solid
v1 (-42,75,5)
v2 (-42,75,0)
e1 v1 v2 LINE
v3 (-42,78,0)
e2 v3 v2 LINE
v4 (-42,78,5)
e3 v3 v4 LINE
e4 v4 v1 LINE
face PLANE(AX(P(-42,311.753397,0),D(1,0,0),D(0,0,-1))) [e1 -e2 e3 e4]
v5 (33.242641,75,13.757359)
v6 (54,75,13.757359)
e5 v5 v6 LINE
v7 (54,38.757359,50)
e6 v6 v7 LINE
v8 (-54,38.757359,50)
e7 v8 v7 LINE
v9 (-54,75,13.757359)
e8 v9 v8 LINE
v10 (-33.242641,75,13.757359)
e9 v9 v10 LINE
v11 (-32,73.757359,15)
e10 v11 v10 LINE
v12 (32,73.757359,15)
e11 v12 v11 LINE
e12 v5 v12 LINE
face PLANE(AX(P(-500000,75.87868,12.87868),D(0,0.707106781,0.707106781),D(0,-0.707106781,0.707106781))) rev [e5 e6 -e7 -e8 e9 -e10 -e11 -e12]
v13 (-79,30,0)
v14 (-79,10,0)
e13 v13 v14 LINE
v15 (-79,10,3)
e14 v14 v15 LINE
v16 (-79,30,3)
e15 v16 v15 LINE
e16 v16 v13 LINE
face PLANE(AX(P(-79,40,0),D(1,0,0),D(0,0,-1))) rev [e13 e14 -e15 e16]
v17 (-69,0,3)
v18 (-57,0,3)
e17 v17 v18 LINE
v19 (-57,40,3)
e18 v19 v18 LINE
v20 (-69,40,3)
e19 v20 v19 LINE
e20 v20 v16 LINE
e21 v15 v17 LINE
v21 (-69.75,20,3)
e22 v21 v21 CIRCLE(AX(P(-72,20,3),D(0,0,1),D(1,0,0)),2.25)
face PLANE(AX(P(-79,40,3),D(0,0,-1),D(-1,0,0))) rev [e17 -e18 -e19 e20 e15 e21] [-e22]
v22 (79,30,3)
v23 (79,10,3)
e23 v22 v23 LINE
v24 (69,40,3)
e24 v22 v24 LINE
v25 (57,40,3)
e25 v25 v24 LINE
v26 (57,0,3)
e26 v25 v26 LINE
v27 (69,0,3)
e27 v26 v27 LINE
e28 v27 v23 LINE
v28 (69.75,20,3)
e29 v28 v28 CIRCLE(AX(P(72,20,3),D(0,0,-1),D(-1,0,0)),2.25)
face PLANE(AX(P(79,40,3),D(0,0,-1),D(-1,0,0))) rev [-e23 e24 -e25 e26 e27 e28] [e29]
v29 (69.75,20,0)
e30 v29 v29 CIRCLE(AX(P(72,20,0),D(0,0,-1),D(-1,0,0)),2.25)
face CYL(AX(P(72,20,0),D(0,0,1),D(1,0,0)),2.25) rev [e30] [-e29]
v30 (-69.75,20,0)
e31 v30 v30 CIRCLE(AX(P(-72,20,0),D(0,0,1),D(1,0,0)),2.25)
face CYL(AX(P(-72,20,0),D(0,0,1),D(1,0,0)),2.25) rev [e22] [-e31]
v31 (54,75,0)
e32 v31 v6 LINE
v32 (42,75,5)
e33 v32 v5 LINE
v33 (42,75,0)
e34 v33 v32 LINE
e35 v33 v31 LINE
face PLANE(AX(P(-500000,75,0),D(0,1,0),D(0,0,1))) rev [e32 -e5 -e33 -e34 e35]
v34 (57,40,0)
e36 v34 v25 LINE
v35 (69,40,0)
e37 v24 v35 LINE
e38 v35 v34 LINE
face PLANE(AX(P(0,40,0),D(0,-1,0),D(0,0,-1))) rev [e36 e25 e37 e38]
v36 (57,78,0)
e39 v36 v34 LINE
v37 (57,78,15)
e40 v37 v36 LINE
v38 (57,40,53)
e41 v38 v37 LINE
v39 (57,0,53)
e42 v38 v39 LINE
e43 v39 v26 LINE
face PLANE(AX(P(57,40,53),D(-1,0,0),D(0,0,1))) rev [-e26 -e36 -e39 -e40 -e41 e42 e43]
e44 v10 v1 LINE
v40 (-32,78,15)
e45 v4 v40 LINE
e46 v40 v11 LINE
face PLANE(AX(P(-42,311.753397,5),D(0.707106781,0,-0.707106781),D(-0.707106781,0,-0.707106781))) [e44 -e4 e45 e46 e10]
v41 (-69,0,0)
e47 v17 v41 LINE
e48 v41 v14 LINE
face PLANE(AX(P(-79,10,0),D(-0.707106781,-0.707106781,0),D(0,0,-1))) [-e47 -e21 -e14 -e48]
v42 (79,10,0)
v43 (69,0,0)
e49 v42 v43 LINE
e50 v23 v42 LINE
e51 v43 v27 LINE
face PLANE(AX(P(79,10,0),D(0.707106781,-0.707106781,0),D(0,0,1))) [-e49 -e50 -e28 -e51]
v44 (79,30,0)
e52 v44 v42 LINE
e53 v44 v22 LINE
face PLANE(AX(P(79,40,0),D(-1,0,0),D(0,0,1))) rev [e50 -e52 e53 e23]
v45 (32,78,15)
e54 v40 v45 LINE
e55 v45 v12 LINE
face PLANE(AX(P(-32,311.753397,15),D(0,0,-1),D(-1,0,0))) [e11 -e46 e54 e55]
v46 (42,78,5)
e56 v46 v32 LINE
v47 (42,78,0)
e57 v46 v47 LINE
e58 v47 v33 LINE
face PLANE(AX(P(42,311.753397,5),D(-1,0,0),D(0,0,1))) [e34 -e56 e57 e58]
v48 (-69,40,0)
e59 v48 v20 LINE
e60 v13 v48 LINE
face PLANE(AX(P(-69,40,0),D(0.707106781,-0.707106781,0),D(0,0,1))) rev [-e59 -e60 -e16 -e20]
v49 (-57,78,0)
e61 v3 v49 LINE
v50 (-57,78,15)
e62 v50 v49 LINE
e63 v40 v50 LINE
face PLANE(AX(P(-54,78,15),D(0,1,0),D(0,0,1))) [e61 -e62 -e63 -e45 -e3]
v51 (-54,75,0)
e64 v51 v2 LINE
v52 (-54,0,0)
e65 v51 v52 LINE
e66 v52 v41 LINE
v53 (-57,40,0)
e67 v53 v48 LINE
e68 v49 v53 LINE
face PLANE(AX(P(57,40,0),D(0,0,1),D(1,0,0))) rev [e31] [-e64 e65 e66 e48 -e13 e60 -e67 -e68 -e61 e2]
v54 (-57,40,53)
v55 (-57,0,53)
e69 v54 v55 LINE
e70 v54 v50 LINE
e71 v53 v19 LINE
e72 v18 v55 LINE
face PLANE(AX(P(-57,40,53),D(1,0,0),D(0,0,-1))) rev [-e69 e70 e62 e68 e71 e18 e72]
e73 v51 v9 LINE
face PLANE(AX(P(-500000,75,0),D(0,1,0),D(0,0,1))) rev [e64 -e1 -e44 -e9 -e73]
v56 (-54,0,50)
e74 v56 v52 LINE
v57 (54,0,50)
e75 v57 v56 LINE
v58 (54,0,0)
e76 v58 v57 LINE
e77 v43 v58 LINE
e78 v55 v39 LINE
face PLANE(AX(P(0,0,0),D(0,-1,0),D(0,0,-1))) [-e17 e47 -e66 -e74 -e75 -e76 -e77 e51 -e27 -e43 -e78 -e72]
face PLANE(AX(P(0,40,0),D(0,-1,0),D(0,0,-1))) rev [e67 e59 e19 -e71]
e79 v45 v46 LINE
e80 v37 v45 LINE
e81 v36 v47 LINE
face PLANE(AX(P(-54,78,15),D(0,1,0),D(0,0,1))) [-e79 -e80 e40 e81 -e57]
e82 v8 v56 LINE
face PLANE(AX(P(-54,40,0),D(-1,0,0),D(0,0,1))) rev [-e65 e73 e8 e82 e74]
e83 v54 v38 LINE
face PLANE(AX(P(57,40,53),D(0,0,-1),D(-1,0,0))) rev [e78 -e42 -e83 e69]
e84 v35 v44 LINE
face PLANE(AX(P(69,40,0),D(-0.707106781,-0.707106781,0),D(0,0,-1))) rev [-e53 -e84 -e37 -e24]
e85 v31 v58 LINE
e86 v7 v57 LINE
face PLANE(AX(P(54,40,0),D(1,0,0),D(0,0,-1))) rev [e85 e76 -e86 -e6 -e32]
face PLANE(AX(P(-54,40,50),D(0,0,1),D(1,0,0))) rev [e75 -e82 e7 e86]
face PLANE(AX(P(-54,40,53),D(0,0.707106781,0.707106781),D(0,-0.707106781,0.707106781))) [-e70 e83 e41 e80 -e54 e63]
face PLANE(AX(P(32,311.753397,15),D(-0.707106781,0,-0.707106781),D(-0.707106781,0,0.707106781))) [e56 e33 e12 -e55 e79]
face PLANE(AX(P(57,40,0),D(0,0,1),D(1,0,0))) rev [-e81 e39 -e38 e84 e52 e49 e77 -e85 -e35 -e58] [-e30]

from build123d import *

# Parameters (mm, degrees)
BOSS_EXTRUDE1_DEPTH     = 40
BOSS_EXTRUDE2_DEPTH     = 3
EXTRUDE_THIN1_DEPTH     = 108
CUT_EXTRUDE1_DEPTH      = 124.020323524
CUT_EXTRUDE1_DEPTH_BACK = 12
CHAMFER1_SIZE           = 10
SKETCH5_R               = 2.25
CUT_EXTRUDE2_DEPTH      = 3


with BuildPart() as part:
    # Sketch1 → Boss-Extrude1 (new body)
    with BuildSketch(Plane(origin=(0, 0, 0), x_dir=(1, 0, 0), z_dir=(0, 1, 0))):
        Polygon((-54, 0), (-54, -50), (54, -50), (54, 0), (57, 0), (79, 0), (79, -3), (57, -3), (57, -53), (-57, -53), (-57, -3), (-79, -3), (-79, 0), (-57, 0), align=None)
    extrude(amount=BOSS_EXTRUDE1_DEPTH)

    # Sketch2 → Boss-Extrude2 (add)
    with BuildSketch(Plane.ZY.offset(57)):
        Polygon((53, 40), (15, 78), (0, 78), (0, 40), align=None)
    boss_extrude2 = extrude(amount=-BOSS_EXTRUDE2_DEPTH)

    # Mirror1: Boss-Extrude2 across plane
    add(boss_extrude2.mirror(Plane(origin=(0, 0, 0), x_dir=(0, 0, 1), z_dir=(1, 0, 0))))

    # Sketch3 → Extrude-Thin1 (add)
    with BuildSketch(Plane.ZY.offset(-54)):
        Polygon((0, 78), (15, 78), (53, 40), (50.878679656, 37.878679656), (13.757359313, 75), (0, 75), align=None)
    extrude(amount=EXTRUDE_THIN1_DEPTH)

    # Sketch4 → Cut-Extrude1 (cut, two sides: drawn at the far end of the back side and taken through both)
    with BuildSketch(Plane(origin=(0, 78, 0), x_dir=(1, 0, 0), z_dir=(0, 1, 0)).offset(-CUT_EXTRUDE1_DEPTH_BACK)):
        Polygon((-42, 274.196896272), (-42, 0), (-42, -5), (-32, -15), (32, -15), (42, -5), (42, 0), (42, 274.196896272), (42, 822.590688817), (-42, 822.590688817), align=None)
    extrude(amount=CUT_EXTRUDE1_DEPTH + CUT_EXTRUDE1_DEPTH_BACK, mode=Mode.SUBTRACT)

    # Chamfer1
    chamfer1_edges = [part.edges().sort_by_distance(p)[0] for p in [
        (-79, 40, 1.5),
        (79, 0, 1.5),
        (-79, 0, 1.5),
        (79, 40, 1.5),
    ]]
    chamfer(chamfer1_edges, length=CHAMFER1_SIZE)

    # Sketch5 → Cut-Extrude2 (cut)
    with BuildSketch(Plane.XY.offset(3)):
        with Locations((-72, 20)):
            Circle(SKETCH5_R)
    cut_extrude2 = extrude(amount=-CUT_EXTRUDE2_DEPTH, mode=Mode.SUBTRACT)

    # Mirror2: Cut-Extrude2 across plane
    add(cut_extrude2.mirror(Plane(origin=(0, 0, 0), x_dir=(0, 0, 1), z_dir=(1, 0, 0))), mode=Mode.SUBTRACT)


solid = part.part
